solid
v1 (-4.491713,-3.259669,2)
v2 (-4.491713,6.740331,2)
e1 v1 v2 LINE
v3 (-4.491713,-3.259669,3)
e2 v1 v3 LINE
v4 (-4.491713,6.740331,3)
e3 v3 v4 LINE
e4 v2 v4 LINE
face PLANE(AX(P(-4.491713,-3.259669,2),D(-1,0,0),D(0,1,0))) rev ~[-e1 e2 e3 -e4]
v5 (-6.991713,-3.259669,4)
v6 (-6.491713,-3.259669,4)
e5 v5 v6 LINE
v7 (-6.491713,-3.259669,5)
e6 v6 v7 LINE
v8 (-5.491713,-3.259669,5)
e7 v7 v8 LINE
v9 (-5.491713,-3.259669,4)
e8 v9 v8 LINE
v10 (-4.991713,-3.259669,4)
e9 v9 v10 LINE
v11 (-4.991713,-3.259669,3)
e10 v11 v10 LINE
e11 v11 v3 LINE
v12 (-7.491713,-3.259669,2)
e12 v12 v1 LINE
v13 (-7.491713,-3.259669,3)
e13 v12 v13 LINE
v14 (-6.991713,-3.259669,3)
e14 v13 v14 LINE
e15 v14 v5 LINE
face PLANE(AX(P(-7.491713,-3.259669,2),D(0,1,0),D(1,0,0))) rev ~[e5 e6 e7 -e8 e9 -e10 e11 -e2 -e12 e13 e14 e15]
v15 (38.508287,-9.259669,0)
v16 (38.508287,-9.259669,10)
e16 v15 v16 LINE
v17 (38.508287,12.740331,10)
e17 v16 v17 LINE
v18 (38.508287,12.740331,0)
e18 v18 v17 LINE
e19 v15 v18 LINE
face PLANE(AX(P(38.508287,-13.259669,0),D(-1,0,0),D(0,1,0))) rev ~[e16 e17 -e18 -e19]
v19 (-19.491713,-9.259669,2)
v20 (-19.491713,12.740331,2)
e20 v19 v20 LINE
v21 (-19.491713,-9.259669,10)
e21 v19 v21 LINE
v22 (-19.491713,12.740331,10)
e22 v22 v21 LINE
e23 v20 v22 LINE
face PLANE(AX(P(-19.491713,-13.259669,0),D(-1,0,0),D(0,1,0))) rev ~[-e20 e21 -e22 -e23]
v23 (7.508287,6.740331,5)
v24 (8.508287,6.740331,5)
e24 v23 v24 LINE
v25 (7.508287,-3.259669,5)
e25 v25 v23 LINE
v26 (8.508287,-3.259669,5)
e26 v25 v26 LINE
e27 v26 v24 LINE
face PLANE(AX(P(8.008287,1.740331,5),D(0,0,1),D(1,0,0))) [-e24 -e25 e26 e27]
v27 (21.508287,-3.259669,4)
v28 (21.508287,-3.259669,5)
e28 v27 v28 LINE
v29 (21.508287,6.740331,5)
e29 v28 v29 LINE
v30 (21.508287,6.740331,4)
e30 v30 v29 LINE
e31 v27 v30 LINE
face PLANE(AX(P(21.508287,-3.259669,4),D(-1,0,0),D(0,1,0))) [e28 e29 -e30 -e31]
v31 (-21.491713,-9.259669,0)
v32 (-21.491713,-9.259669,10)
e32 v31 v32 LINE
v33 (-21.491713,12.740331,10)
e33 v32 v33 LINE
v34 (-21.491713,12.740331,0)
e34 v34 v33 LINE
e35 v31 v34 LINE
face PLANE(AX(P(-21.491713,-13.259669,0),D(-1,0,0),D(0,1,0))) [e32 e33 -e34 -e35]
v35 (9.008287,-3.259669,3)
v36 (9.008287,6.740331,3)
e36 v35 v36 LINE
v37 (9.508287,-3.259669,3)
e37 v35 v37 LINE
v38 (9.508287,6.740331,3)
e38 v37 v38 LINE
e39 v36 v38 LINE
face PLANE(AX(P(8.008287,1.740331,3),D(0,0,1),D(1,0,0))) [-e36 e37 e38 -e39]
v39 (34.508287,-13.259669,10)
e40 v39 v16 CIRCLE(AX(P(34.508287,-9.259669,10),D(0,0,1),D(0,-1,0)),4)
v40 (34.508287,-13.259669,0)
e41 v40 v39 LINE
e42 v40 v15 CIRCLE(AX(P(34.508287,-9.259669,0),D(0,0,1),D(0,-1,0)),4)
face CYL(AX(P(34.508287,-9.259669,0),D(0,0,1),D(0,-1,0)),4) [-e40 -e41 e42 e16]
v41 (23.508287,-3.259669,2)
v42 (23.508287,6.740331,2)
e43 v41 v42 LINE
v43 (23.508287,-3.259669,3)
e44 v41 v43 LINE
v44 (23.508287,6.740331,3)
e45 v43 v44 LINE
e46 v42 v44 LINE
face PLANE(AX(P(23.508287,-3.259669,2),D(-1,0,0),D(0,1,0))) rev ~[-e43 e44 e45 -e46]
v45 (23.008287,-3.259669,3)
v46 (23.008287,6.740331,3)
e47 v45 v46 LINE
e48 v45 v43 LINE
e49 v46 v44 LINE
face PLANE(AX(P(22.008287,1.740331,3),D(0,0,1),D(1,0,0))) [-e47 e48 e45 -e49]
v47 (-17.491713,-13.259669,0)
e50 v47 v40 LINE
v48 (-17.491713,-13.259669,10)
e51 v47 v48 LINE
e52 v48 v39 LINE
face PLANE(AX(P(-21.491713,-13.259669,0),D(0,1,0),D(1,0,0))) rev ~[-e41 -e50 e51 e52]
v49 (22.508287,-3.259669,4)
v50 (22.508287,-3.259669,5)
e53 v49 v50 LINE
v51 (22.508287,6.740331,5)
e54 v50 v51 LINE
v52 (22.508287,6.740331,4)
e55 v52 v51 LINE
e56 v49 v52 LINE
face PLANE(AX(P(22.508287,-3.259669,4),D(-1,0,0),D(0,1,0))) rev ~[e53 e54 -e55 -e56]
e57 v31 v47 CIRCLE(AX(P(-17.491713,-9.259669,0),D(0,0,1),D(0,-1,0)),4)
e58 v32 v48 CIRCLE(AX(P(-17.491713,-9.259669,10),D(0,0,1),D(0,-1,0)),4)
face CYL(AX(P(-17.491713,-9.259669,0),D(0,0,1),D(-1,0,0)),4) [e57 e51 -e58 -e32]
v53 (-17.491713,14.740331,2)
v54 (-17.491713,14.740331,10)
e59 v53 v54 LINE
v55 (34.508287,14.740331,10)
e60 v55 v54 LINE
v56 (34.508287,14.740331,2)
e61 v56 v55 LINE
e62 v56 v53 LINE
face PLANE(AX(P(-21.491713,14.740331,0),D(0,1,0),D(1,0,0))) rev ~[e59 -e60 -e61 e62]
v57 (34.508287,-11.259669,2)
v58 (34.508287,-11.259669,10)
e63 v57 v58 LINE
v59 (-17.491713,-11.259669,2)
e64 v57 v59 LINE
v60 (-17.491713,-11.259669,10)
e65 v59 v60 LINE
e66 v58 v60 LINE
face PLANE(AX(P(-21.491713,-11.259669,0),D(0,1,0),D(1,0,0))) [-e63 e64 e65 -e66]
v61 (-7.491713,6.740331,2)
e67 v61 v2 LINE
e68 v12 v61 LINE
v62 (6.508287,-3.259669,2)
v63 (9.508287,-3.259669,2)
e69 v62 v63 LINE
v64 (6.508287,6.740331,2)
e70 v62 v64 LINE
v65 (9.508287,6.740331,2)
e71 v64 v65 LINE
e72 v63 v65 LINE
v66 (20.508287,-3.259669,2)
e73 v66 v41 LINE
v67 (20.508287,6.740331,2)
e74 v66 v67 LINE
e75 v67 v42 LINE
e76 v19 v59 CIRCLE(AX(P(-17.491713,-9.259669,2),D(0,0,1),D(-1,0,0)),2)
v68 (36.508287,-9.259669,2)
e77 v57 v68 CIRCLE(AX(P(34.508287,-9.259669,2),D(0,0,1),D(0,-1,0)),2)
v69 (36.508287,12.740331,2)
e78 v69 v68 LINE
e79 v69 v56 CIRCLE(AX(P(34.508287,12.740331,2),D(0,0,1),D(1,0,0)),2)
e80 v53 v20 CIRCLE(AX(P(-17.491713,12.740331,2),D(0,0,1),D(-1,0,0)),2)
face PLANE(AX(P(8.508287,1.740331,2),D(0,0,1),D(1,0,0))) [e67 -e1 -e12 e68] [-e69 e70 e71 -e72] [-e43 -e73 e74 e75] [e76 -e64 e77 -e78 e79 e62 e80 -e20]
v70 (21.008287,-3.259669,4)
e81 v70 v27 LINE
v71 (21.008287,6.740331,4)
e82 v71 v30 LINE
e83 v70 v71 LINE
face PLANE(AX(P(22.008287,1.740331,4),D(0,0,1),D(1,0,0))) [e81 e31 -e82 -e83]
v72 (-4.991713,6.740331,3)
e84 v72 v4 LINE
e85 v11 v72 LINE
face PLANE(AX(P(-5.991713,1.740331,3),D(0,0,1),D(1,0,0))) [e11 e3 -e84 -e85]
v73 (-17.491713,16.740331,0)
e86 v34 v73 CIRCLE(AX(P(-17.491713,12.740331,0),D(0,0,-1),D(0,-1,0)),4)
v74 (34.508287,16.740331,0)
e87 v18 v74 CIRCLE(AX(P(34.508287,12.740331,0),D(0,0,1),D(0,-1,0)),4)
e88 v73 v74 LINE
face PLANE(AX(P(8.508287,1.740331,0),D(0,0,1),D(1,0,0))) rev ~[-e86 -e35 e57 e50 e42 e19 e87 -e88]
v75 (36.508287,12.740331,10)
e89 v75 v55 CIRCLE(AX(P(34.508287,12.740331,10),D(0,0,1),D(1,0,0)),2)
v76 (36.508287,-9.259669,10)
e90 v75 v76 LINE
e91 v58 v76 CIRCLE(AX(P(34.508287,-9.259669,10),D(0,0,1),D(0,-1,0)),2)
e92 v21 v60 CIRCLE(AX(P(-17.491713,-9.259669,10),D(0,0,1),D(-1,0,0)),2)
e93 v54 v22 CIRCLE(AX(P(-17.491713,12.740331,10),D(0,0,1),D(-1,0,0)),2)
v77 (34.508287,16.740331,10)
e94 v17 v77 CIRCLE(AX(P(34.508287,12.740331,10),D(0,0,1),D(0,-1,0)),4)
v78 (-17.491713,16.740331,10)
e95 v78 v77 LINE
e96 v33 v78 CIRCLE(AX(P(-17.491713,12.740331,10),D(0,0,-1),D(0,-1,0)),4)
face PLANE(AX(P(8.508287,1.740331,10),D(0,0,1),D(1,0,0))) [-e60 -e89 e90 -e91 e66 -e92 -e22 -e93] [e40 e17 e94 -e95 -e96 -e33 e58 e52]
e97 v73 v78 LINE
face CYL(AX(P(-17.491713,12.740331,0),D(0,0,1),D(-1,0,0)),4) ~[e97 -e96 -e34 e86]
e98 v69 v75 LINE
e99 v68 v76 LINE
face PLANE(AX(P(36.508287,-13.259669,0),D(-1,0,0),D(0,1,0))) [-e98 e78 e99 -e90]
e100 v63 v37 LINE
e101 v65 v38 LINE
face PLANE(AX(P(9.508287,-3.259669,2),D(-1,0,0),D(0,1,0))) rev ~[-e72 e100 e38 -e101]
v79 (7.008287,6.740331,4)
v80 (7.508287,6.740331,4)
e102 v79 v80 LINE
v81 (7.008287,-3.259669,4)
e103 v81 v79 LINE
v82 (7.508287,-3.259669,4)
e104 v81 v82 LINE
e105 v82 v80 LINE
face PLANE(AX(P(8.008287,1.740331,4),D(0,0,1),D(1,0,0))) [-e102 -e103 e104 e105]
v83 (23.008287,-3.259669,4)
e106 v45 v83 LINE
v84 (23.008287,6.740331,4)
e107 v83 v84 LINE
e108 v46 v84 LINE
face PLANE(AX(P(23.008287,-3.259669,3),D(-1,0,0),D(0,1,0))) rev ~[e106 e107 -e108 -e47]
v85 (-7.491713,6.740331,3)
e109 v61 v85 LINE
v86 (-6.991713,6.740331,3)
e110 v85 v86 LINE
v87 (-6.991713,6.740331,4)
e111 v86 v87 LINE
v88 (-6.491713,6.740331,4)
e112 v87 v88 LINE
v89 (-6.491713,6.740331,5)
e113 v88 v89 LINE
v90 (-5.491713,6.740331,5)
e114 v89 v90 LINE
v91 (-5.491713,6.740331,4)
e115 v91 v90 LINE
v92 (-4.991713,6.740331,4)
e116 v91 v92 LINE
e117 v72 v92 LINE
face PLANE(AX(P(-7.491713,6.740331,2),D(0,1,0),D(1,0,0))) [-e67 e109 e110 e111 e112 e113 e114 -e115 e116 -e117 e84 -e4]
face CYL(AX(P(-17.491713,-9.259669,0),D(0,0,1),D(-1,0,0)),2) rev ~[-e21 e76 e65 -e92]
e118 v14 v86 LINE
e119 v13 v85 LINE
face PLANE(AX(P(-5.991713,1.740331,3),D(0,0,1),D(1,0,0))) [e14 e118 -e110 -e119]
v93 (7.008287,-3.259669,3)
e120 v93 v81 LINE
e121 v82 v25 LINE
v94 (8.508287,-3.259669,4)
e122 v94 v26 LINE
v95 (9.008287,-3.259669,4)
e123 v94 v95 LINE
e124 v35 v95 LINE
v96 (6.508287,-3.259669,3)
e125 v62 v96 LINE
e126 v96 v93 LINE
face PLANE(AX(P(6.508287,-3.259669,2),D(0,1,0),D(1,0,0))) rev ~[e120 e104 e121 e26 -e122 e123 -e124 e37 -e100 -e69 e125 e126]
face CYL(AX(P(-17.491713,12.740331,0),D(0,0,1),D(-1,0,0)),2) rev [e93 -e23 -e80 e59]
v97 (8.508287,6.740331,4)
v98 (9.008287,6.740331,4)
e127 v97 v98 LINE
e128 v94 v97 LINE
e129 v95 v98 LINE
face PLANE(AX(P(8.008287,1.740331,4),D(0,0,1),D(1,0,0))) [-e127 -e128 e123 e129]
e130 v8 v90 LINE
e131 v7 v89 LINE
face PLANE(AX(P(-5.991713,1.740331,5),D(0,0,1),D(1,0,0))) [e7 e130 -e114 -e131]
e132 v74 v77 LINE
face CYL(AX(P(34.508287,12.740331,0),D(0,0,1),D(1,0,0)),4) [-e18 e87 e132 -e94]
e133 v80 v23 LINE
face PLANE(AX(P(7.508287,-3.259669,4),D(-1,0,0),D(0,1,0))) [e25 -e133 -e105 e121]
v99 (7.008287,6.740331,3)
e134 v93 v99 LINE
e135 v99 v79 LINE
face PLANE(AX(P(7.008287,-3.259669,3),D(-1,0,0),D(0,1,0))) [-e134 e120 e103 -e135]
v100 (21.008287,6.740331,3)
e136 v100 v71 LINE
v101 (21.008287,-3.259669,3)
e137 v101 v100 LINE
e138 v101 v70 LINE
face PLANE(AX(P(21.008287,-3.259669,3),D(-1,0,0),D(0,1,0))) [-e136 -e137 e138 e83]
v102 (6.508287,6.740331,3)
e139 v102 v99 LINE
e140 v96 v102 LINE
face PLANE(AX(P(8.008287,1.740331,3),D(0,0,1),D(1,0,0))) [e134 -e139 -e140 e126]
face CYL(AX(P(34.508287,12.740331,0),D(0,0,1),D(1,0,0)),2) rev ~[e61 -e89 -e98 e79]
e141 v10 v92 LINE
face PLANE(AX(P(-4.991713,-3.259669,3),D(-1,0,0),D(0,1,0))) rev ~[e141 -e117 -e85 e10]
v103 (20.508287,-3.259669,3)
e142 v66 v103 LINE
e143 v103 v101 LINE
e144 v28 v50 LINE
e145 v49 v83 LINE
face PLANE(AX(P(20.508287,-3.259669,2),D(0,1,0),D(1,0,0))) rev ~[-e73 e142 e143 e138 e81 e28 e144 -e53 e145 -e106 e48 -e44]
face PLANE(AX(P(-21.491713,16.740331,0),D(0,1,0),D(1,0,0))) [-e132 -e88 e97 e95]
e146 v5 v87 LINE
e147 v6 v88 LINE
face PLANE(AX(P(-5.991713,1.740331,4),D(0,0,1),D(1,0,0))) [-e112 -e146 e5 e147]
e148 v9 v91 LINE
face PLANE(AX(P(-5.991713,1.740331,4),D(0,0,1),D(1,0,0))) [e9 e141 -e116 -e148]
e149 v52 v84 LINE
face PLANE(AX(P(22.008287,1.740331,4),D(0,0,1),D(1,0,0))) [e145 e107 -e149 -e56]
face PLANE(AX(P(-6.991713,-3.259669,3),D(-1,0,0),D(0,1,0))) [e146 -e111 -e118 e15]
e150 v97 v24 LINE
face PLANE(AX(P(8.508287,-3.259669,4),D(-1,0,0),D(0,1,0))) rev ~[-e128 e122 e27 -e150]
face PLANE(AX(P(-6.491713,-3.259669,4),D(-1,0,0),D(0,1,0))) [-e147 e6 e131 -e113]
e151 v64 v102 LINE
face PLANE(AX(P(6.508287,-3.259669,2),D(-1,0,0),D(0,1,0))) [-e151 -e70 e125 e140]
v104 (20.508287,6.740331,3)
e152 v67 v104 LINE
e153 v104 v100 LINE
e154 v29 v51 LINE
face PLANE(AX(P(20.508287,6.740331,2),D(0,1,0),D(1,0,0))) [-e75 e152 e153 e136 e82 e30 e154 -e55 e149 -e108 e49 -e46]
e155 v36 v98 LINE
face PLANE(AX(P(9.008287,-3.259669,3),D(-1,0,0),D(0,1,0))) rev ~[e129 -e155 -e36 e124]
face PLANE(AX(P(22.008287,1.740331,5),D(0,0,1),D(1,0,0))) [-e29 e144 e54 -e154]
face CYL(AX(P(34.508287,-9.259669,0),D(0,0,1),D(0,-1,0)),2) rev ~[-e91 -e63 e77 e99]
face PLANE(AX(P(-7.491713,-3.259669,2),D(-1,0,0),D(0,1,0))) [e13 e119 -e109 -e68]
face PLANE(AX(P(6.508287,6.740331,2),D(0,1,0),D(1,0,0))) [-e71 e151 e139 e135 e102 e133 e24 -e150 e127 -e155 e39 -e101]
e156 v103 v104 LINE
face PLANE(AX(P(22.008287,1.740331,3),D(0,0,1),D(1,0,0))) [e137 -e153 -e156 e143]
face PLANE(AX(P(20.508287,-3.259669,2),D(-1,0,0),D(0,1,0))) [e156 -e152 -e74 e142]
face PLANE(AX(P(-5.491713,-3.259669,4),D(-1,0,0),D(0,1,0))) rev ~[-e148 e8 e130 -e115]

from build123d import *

# Parameters (mm, degrees)
SKETCH1_W           = 60
SKETCH1_H           = 30
BOSS_EXTRUDE1_DEPTH = 10
FILLET1_R           = 4
SHELL1_T            = -2
SKETCH29_W          = 3
SKETCH29_H          = 10
BOSS_EXTRUDE2_DEPTH = 1
SKETCH30_W          = 2
SKETCH30_H          = 10
BOSS_EXTRUDE3_DEPTH = 1
SKETCH31_W          = 1
SKETCH31_H          = 10
BOSS_EXTRUDE4_DEPTH = 1


with BuildPart() as part:
    # Sketch1 → Boss-Extrude1 (new body)
    with BuildSketch(Plane.XY):
        with Locations((8.508287293, 1.740331492)):
            Rectangle(SKETCH1_W, SKETCH1_H)
    extrude(amount=BOSS_EXTRUDE1_DEPTH)

    # Fillet1
    fillet1_edges = [part.edges().sort_by_distance(p)[0] for p in [
        (-21.491712707, 16.740331492, 5),
        (38.508287293, 16.740331492, 5),
        (38.508287293, -13.259668508, 5),
        (-21.491712707, -13.259668508, 5),
    ]]
    fillet(fillet1_edges, radius=FILLET1_R)

    # Shell1
    shell1_openings = [part.faces().sort_by_distance(p)[0] for p in [
        (8.508287293, 1.740331492, 10),
    ]]
    offset(amount=SHELL1_T, openings=shell1_openings, kind=Kind.INTERSECTION)

    # Sketch29 → Boss-Extrude2 (add)
    with BuildSketch(Plane.XY.offset(2)):
        with Locations((22.008287293, 1.740331492)):
            Rectangle(SKETCH29_W, SKETCH29_H)
        with Locations((8.008287293, 1.740331492)):
            Rectangle(SKETCH29_W, SKETCH29_H)
        with Locations((-5.991712707, 1.740331492)):
            Rectangle(SKETCH29_W, SKETCH29_H)
    extrude(amount=BOSS_EXTRUDE2_DEPTH)

    # Sketch30 → Boss-Extrude3 (add)
    with BuildSketch(Plane.XY.offset(3)):
        with Locations((22.008287293, 1.740331492)):
            Rectangle(SKETCH30_W, SKETCH30_H)
        with Locations((8.008287293, 1.740331492)):
            Rectangle(SKETCH30_W, SKETCH30_H)
        with Locations((-5.991712707, 1.740331492)):
            Rectangle(SKETCH30_W, SKETCH30_H)
    extrude(amount=BOSS_EXTRUDE3_DEPTH)

    # Sketch31 → Boss-Extrude4 (add)
    with BuildSketch(Plane.XY.offset(4)):
        with Locations((22.008287293, 1.740331492)):
            Rectangle(SKETCH31_W, SKETCH31_H)
        with Locations((8.008287293, 1.740331492)):
            Rectangle(SKETCH31_W, SKETCH31_H)
        with Locations((-5.991712707, 1.740331492)):
            Rectangle(SKETCH31_W, SKETCH31_H)
    extrude(amount=BOSS_EXTRUDE4_DEPTH)


solid = part.part
